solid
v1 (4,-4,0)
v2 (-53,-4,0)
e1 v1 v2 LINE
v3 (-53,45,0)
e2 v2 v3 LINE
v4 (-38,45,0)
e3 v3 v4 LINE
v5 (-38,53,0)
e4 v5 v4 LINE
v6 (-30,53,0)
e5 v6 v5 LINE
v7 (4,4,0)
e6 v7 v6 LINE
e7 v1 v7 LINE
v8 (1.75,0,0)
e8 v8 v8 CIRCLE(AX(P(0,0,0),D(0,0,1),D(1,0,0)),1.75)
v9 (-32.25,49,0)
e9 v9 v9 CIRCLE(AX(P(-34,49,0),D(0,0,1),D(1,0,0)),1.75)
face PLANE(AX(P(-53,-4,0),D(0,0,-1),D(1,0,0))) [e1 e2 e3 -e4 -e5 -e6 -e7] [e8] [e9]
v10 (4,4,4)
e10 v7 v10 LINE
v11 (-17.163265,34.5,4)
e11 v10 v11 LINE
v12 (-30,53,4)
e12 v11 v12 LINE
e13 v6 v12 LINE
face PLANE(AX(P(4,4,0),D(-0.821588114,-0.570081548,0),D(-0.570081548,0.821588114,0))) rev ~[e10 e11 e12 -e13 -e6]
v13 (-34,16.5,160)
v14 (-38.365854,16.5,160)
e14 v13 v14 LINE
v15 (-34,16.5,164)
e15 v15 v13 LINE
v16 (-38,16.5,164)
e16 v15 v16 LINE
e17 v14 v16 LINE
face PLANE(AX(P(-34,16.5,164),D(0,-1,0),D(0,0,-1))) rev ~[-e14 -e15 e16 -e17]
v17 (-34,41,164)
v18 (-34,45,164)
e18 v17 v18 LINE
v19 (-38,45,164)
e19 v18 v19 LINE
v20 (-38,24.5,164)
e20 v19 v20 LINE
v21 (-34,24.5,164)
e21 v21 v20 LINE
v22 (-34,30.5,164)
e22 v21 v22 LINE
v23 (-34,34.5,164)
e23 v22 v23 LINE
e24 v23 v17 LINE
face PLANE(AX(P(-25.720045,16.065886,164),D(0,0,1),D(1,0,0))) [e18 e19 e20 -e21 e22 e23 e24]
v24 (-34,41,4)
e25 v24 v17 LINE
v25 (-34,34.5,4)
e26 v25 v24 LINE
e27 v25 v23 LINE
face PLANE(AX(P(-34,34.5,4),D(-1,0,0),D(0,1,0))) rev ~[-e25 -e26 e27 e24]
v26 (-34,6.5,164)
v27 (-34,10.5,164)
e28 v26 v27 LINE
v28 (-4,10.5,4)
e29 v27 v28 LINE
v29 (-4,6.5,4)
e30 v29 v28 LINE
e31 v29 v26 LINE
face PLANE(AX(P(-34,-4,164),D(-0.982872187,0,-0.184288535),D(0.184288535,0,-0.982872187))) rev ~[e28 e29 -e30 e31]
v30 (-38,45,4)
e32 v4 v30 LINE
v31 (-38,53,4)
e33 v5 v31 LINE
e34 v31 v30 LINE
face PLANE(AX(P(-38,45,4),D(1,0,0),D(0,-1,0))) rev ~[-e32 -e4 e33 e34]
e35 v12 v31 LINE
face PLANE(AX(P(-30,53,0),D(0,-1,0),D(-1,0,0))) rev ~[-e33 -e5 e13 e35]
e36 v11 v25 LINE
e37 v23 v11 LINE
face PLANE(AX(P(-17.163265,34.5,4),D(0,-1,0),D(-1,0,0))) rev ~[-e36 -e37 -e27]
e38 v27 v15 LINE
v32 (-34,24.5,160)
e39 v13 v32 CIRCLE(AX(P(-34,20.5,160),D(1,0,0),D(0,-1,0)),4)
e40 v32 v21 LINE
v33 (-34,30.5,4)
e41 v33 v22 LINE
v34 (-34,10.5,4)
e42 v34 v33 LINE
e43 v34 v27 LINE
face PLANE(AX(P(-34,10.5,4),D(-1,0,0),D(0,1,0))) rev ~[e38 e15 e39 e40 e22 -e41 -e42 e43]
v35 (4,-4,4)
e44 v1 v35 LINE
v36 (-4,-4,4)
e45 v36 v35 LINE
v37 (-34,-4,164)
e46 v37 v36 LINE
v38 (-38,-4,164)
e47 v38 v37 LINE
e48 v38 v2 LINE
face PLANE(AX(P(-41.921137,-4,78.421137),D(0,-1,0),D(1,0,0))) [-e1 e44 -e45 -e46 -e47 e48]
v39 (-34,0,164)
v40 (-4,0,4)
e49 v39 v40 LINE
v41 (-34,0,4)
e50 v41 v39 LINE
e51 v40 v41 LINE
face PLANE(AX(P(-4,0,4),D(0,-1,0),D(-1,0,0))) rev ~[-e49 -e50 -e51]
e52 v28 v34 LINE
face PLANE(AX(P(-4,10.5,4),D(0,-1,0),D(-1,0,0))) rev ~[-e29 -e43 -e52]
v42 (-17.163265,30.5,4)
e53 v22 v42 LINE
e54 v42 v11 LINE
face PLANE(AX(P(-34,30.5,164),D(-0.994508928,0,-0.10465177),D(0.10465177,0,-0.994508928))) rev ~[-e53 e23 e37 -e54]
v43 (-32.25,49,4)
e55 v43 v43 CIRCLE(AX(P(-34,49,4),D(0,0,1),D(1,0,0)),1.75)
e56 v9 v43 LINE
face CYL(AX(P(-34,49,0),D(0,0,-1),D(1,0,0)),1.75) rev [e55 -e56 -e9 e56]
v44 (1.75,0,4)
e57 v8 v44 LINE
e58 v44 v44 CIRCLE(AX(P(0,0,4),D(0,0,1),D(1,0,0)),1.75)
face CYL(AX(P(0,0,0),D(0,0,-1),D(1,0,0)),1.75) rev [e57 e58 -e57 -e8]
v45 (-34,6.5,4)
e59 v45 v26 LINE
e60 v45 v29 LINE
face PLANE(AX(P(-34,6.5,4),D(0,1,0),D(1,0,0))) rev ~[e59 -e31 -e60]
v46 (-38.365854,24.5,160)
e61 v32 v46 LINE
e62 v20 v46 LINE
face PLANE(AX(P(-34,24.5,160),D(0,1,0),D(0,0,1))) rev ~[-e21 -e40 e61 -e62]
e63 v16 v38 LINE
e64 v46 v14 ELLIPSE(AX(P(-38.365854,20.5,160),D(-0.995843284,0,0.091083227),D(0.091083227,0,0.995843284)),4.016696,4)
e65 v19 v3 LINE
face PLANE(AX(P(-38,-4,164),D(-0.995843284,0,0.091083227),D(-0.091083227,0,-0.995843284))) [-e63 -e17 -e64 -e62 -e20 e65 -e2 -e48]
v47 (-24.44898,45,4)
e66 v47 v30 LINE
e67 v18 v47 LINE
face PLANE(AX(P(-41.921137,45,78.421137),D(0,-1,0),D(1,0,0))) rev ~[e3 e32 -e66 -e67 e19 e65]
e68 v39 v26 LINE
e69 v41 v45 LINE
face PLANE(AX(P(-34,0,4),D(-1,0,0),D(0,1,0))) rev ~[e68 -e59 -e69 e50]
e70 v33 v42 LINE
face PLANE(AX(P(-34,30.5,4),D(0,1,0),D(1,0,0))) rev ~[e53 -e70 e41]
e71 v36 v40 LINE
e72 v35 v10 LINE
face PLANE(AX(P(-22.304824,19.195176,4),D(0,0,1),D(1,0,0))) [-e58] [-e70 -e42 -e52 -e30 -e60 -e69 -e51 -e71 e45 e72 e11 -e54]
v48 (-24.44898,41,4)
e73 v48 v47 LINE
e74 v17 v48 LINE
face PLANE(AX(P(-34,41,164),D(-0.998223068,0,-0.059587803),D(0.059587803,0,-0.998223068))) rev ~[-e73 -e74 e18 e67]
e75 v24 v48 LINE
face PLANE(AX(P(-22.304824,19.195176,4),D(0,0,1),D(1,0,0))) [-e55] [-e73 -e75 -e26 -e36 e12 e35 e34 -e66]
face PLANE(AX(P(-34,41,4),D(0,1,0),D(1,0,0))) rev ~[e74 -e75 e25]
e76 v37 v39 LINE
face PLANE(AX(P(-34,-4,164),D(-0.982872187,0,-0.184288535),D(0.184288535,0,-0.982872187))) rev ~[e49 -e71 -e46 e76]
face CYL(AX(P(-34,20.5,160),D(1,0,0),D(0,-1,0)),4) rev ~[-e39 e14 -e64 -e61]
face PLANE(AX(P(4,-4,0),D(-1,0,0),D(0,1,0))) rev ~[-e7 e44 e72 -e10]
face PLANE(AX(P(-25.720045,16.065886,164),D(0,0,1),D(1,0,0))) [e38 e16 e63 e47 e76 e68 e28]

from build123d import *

# Parameters (mm, degrees)
F0_R      = 1.75
F1_DEPTH  = 4
F3_DEPTH  = 160
F5_DEPTH  = 49
F7_DEPTH  = 19.001
F9_DEPTH  = 14.5
F11_DEPTH = 4
F13_DEPTH = 4


with BuildPart() as f1:
    # F0 (on Top) → F1 (new body)
    with BuildSketch(Plane.XY):
        Polygon((-38, -4), (4, -4), (4, 4), (-30, 53), (-38, 53), align=None)
        Circle(F0_R, mode=Mode.SUBTRACT)
        with Locations((-34, 49)):
            Circle(F0_R, mode=Mode.SUBTRACT)
    extrude(amount=F1_DEPTH)

    # F2 (on face) → F3 (join)
    with BuildSketch(Plane.XY.offset(4)):
        Polygon((-24.44898, 45), (-38, 45), (-38, -4), (-4, -4), (-4, 0), (-34, 0), (-34, 6.5), (-4, 6.5), (-4, 10.5), (-34, 10.5), (-34, 30.5), (-17.163265, 30.5), (-17.163265, 34.5), (-34, 34.5), (-34, 41), (-24.44898, 41), align=None)
    extrude(amount=F3_DEPTH)

    # F4 (on face) → F5 (join, through all)
    with BuildSketch(Plane.XZ.offset(4)):
        Polygon((-53, 0), (-38, 0), (-38, 164), align=None)
    extrude(amount=-F5_DEPTH)

    # F6 (on face) → F7 (cut, through all)
    with BuildSketch(Plane.YZ.offset(-34)):
        with BuildLine():
            Line((16.5, 164), (16.5, 160))
            ThreePointArc((16.5, 160), (20.5, 156), (24.5, 160))
            Line((24.5, 160), (24.5, 164))
            ThreePointArc((24.5, 164), (20.5, 168), (16.5, 164))
        make_face()
    extrude(amount=-F7_DEPTH, mode=Mode.SUBTRACT)

    # F8 (on face) → F9 (cut, through all)
    with BuildSketch(Plane.XZ.offset(4)):
        Polygon((-34, 164), (-4, 4), (-4, 164), align=None)
    extrude(amount=-F9_DEPTH, mode=Mode.SUBTRACT)

    # F10 (on face) → F11 (cut, through all)
    with BuildSketch(Plane.XZ.offset(-30.5)):
        Polygon((-17.163265, 164), (-34, 164), (-17.163265, 4), align=None)
    extrude(amount=-F11_DEPTH, mode=Mode.SUBTRACT)

    # F12 (on face) → F13 (cut, through all)
    with BuildSketch(Plane.XZ.offset(-41)):
        Polygon((-34, 164), (-24.44898, 4), (-24.44898, 164), align=None)
    extrude(amount=-F13_DEPTH, mode=Mode.SUBTRACT)


solid = f1.part
